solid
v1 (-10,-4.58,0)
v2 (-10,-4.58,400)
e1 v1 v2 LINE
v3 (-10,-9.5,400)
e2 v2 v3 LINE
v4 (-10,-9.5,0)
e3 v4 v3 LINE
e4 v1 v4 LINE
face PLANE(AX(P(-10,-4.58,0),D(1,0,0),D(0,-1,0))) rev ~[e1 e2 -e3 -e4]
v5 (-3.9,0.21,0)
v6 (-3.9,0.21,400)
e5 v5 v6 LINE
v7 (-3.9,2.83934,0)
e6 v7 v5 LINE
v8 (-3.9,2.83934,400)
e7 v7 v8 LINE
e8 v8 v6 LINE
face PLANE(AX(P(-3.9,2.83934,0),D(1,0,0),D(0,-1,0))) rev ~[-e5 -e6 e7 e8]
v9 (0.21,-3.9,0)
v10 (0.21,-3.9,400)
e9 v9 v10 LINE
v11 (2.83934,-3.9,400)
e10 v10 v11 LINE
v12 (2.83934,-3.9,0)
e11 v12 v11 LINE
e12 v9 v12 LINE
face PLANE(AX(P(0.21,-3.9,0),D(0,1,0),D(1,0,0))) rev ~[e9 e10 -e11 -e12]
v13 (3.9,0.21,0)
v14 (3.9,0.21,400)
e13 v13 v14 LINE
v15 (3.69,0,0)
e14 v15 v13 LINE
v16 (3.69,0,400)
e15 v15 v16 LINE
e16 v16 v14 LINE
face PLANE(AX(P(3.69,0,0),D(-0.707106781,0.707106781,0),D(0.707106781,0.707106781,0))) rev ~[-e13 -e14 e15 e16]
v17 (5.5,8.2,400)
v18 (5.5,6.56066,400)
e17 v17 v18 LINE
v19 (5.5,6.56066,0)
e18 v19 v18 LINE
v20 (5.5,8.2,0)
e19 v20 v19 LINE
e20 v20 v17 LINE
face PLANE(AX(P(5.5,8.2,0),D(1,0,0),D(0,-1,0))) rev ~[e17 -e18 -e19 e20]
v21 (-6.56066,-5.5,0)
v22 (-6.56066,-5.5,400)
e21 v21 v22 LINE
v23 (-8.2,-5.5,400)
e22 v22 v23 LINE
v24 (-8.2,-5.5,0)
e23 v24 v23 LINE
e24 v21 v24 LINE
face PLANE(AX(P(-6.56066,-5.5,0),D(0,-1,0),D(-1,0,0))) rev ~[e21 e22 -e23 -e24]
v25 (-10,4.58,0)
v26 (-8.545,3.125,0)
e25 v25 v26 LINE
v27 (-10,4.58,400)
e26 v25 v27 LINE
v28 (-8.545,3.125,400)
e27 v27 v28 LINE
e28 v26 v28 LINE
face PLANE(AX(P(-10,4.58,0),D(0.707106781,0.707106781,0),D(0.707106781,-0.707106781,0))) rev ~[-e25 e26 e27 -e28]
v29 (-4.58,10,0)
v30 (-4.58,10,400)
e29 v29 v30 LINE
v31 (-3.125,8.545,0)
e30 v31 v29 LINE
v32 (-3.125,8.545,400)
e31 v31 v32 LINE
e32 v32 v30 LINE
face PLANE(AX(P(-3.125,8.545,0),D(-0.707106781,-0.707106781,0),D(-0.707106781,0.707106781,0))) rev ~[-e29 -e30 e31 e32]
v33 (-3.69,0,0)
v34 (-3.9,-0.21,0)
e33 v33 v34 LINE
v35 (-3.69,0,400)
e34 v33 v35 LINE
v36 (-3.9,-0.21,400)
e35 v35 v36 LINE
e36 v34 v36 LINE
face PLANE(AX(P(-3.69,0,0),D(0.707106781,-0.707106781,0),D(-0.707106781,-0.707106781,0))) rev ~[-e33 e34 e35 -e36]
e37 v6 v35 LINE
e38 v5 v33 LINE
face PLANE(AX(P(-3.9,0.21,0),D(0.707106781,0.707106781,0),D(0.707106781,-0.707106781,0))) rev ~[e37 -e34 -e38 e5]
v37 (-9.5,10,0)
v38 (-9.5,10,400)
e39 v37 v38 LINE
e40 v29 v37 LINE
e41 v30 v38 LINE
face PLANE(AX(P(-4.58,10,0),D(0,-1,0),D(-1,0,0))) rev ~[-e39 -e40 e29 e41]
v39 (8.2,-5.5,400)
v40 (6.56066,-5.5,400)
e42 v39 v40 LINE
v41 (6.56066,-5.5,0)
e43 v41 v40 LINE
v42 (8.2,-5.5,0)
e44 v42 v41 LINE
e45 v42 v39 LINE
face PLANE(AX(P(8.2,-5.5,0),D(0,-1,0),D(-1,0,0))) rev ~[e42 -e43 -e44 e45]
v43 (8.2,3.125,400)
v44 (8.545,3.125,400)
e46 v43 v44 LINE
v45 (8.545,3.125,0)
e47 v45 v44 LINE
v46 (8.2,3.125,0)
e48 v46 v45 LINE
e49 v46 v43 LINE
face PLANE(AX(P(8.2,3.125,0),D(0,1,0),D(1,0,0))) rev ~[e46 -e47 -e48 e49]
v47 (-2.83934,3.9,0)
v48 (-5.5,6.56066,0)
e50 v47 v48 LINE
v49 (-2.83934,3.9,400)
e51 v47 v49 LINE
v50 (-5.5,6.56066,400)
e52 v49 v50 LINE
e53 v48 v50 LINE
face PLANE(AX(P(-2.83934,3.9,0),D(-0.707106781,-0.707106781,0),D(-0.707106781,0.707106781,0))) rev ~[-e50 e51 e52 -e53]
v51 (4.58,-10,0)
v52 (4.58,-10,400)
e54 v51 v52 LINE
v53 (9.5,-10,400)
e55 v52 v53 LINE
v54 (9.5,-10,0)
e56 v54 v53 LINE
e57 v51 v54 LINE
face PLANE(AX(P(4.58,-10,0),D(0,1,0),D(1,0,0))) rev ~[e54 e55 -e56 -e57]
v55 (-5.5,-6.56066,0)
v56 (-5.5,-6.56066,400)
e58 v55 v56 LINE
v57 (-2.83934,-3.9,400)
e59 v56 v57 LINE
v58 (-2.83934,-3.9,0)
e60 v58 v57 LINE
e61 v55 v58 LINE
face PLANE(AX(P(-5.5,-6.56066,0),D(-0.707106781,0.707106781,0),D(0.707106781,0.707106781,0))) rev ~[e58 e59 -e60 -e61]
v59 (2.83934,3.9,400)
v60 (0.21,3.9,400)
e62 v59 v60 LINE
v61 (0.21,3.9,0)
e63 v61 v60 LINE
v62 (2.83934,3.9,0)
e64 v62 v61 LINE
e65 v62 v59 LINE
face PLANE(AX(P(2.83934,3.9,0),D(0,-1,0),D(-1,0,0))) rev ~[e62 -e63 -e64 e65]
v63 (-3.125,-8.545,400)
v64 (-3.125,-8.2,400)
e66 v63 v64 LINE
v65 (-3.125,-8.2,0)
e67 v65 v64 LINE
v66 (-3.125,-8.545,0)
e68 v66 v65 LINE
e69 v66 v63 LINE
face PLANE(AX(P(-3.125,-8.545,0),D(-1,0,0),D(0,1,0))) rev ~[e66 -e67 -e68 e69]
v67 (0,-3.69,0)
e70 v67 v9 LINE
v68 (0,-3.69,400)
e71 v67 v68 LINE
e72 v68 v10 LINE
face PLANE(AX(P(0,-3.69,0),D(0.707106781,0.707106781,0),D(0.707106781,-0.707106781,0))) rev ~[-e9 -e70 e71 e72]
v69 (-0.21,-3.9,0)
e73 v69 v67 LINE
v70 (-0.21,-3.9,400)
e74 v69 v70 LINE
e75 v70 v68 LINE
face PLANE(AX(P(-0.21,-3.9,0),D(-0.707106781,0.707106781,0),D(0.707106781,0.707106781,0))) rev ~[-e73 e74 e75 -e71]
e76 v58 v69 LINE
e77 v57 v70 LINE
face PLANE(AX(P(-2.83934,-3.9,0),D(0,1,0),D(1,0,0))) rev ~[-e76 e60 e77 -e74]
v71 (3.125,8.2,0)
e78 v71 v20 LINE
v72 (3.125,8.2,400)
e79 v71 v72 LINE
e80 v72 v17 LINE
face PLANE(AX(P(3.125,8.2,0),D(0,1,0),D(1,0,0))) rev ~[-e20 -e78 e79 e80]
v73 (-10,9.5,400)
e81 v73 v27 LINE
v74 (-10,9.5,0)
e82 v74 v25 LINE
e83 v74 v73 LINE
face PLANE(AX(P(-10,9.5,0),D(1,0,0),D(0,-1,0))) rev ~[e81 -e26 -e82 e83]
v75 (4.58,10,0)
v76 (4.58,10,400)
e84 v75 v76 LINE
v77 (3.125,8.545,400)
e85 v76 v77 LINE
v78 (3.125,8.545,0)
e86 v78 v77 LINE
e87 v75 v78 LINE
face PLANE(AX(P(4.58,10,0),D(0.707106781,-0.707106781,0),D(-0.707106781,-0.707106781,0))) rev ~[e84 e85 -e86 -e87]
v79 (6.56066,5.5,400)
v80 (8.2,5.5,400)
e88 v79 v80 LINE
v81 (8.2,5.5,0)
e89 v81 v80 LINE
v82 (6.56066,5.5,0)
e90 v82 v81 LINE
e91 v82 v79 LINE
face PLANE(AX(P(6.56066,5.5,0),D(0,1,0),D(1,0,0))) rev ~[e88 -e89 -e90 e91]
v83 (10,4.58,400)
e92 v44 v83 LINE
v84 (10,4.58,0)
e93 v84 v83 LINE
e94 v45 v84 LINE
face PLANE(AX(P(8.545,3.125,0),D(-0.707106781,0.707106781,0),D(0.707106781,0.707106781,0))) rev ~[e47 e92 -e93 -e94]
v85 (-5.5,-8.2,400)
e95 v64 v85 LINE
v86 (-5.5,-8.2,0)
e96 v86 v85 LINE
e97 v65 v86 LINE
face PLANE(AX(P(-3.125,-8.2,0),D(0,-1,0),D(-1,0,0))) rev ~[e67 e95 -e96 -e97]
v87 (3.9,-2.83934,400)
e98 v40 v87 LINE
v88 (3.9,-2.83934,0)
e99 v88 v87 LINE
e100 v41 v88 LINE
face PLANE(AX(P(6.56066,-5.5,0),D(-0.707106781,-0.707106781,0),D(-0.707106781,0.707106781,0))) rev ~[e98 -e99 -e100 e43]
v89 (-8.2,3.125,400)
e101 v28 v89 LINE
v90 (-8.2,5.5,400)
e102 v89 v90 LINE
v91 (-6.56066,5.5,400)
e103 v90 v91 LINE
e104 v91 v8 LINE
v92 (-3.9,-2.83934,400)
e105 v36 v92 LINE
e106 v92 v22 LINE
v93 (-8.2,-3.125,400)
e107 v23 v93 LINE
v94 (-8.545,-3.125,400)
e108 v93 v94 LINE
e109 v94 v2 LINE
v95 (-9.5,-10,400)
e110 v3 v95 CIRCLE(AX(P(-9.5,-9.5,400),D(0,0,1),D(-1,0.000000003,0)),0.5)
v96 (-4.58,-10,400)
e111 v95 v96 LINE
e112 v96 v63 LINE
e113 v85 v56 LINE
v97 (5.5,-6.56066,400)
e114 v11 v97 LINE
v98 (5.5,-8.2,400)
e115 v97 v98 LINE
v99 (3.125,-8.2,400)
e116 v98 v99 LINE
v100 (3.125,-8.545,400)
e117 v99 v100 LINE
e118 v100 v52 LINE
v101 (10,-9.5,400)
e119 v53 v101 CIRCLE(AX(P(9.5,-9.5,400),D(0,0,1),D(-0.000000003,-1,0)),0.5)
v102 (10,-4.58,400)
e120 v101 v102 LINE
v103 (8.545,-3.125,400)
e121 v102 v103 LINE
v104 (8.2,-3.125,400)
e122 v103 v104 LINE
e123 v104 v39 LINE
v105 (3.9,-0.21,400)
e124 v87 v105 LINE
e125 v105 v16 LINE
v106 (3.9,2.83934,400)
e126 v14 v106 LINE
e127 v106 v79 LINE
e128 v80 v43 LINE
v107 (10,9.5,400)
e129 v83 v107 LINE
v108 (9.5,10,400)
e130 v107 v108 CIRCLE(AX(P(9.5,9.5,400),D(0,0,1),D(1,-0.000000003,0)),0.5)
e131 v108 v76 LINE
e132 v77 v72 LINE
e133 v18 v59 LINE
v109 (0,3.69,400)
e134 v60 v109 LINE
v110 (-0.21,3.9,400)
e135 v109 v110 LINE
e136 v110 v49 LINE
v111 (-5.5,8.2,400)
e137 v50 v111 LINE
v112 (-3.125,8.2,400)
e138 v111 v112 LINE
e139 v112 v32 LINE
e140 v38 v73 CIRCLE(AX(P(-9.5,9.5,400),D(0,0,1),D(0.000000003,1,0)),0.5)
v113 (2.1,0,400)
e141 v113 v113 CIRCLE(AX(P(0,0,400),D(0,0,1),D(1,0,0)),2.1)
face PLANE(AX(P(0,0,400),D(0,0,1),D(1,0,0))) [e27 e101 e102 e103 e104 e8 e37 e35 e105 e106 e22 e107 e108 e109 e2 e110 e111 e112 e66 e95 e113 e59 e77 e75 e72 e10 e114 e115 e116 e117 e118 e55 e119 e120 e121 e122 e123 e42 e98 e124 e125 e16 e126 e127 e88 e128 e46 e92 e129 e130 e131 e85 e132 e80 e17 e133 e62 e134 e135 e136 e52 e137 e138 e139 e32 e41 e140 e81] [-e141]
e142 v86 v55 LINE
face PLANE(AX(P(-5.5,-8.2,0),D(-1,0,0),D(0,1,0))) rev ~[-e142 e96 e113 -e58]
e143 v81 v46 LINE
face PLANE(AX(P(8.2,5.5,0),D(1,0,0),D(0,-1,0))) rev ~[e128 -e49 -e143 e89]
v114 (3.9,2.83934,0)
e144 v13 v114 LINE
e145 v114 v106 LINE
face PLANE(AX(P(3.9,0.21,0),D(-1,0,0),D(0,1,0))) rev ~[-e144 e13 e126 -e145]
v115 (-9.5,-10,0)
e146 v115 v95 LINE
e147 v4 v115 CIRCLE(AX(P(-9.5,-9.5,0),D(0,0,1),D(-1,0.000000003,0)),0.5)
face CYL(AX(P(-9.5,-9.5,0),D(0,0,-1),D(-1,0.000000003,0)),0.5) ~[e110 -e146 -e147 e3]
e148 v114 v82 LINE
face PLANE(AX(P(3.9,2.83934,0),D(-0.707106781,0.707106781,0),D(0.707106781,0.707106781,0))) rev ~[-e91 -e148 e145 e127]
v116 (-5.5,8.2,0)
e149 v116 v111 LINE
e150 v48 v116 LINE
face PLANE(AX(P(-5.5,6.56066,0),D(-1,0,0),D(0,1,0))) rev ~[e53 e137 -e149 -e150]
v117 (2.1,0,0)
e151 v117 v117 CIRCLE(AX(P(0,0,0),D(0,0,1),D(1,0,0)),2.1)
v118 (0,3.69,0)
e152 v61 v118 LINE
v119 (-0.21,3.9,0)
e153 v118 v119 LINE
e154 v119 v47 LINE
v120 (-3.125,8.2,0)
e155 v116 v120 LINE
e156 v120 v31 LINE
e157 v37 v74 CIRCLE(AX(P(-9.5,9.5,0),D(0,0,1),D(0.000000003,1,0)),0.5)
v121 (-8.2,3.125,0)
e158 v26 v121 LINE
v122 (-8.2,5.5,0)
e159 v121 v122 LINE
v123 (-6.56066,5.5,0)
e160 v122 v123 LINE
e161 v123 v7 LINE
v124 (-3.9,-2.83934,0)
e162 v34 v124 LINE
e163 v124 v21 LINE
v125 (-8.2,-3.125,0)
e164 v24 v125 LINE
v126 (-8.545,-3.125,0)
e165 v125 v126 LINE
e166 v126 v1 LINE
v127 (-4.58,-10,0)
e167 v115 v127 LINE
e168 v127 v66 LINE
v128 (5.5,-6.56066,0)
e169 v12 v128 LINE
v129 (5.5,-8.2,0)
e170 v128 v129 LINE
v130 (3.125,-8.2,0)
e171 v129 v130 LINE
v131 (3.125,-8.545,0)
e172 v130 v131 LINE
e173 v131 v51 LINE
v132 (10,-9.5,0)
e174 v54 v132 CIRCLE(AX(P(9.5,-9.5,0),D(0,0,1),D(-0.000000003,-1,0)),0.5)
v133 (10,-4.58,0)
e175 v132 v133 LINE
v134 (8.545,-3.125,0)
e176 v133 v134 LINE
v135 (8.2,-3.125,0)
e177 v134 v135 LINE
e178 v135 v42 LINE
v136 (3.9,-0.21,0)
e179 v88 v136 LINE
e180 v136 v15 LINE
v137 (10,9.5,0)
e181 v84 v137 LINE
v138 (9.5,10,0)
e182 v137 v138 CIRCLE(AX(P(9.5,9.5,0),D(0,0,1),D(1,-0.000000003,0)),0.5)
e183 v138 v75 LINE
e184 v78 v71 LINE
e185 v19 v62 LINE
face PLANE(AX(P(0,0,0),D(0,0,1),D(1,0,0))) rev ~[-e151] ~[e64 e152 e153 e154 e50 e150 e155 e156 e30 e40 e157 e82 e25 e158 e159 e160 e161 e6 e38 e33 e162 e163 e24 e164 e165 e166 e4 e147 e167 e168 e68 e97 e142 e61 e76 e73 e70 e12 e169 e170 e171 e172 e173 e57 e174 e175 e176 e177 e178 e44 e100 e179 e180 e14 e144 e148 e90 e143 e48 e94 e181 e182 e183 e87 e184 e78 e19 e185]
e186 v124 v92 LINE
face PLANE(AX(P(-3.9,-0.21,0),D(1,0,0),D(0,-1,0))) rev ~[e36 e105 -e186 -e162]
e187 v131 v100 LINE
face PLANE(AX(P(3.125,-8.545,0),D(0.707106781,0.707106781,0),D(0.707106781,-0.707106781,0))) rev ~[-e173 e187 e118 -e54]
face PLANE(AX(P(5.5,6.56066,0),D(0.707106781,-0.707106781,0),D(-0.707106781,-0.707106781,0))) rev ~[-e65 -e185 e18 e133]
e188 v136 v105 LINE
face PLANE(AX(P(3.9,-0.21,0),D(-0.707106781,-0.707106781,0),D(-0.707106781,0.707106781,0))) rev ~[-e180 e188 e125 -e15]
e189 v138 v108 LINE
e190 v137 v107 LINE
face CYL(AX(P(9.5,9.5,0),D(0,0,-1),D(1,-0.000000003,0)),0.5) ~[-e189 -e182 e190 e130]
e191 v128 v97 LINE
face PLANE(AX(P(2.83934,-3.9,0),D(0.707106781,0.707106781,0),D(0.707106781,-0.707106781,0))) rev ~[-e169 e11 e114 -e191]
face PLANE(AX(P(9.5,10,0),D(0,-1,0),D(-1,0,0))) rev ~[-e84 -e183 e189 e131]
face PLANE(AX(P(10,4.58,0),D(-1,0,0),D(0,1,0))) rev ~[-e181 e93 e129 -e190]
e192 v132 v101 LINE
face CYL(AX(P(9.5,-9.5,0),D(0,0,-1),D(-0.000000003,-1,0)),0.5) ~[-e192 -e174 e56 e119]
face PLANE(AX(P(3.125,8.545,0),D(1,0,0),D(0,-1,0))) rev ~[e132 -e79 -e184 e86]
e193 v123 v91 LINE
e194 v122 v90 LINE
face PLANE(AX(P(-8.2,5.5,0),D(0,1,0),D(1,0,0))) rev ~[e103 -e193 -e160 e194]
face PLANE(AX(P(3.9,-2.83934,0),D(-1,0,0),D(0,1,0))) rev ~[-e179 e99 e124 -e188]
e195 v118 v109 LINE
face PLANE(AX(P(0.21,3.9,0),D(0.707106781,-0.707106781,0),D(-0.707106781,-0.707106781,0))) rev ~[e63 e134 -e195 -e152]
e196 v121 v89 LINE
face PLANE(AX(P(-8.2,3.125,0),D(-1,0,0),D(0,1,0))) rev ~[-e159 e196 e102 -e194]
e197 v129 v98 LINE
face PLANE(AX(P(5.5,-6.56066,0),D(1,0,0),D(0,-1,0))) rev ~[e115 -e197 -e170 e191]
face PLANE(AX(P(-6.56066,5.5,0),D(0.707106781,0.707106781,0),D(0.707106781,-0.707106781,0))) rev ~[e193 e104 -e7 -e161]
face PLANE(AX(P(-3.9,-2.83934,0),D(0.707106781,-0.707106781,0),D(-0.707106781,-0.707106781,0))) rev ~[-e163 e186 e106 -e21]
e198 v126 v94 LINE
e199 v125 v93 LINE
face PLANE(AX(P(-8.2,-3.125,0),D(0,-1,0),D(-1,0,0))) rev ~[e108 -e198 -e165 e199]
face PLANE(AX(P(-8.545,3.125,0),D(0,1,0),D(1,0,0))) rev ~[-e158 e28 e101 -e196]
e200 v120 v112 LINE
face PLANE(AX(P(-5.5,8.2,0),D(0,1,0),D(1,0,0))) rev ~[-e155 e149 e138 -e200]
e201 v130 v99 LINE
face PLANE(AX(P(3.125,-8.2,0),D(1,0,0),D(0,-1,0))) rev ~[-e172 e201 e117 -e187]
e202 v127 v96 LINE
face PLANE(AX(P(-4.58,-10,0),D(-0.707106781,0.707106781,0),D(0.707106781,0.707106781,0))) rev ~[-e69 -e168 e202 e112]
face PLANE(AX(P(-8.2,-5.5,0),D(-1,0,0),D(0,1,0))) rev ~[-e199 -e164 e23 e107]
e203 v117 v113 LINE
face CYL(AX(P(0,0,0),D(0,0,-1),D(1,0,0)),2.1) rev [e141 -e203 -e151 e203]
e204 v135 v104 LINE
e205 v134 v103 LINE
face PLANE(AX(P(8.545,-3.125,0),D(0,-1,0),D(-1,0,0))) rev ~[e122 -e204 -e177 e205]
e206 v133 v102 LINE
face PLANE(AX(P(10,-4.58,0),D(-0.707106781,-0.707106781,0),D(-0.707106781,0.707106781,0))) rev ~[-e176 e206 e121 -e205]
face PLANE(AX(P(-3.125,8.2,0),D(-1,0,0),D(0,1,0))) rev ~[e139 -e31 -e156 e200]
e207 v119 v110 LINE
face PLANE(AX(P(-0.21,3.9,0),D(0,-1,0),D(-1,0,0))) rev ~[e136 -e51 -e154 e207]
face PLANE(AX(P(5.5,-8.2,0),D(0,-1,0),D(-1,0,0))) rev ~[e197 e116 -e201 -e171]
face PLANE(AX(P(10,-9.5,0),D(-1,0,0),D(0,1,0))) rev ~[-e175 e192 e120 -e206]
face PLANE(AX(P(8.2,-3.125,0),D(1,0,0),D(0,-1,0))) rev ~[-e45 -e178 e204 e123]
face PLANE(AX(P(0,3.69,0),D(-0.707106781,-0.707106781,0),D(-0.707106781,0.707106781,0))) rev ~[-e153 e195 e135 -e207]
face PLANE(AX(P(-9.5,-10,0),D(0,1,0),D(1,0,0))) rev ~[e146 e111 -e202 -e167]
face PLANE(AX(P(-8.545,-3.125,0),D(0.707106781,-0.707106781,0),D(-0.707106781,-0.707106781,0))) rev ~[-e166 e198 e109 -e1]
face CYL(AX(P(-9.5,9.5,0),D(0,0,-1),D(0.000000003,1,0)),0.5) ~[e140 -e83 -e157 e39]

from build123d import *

# Parameters (mm, degrees)
SKETCH1_R           = 2.1
BOSS_EXTRUDE1_DEPTH = 400


with BuildPart() as part:
    # Sketch1 → Boss-Extrude1 (new body)
    with BuildSketch(Plane.XY):
        with BuildLine():
            Line((4.58, -10), (9.5, -10))
            ThreePointArc((9.5, -10), (9.853553391, -9.853553391), (10, -9.5))
            Line((10, -9.5), (10, -4.58))
            Line((10, -4.58), (8.545, -3.125))
            Line((8.545, -3.125), (8.2, -3.125))
            Line((8.2, -3.125), (8.2, -5.5))
            Line((8.2, -5.5), (6.560660172, -5.5))
            Line((6.560660172, -5.5), (3.9, -2.839339828))
            Line((3.9, -2.839339828), (3.9, -0.21))
            Line((3.9, -0.21), (3.69, 0))
            Line((3.69, 0), (3.9, 0.21))
            Line((3.9, 0.21), (3.9, 2.839339828))
            Line((3.9, 2.839339828), (6.560660172, 5.5))
            Line((6.560660172, 5.5), (8.2, 5.5))
            Line((8.2, 5.5), (8.2, 3.125))
            Line((8.2, 3.125), (8.545, 3.125))
            Line((8.545, 3.125), (10, 4.58))
            Line((10, 4.58), (10, 9.5))
            ThreePointArc((10, 9.5), (9.853553391, 9.853553391), (9.5, 10))
            Line((9.5, 10), (4.58, 10))
            Line((4.58, 10), (3.125, 8.545))
            Line((3.125, 8.545), (3.125, 8.2))
            Line((3.125, 8.2), (5.5, 8.2))
            Line((5.5, 8.2), (5.5, 6.560660172))
            Line((5.5, 6.560660172), (2.839339828, 3.9))
            Line((2.839339828, 3.9), (0.21, 3.9))
            Line((0.21, 3.9), (0, 3.69))
            Line((0, 3.69), (-0.21, 3.9))
            Line((-0.21, 3.9), (-2.839339828, 3.9))
            Line((-2.839339828, 3.9), (-5.5, 6.560660172))
            Line((-5.5, 6.560660172), (-5.5, 8.2))
            Line((-5.5, 8.2), (-3.125, 8.2))
            Line((-3.125, 8.2), (-3.125, 8.545))
            Line((-3.125, 8.545), (-4.58, 10))
            Line((-4.58, 10), (-9.5, 10))
            ThreePointArc((-9.5, 10), (-9.853553391, 9.853553391), (-10, 9.5))
            Line((-10, 9.5), (-10, 4.58))
            Line((-10, 4.58), (-8.545, 3.125))
            Line((-8.545, 3.125), (-8.2, 3.125))
            Line((-8.2, 3.125), (-8.2, 5.5))
            Line((-8.2, 5.5), (-6.560660172, 5.5))
            Line((-6.560660172, 5.5), (-3.9, 2.839339828))
            Line((-3.9, 2.839339828), (-3.9, 0.21))
            Line((-3.9, 0.21), (-3.69, 0))
            Line((-3.69, 0), (-3.9, -0.21))
            Line((-3.9, -0.21), (-3.9, -2.839339828))
            Line((-3.9, -2.839339828), (-6.560660172, -5.5))
            Line((-6.560660172, -5.5), (-8.2, -5.5))
            Line((-8.2, -5.5), (-8.2, -3.125))
            Line((-8.2, -3.125), (-8.545, -3.125))
            Line((-8.545, -3.125), (-10, -4.58))
            Line((-10, -4.58), (-10, -9.5))
            ThreePointArc((-10, -9.5), (-9.853553391, -9.853553391), (-9.5, -10))
            Line((-9.5, -10), (-4.58, -10))
            Line((-4.58, -10), (-3.125, -8.545))
            Line((-3.125, -8.545), (-3.125, -8.2))
            Line((-3.125, -8.2), (-5.5, -8.2))
            Line((-5.5, -8.2), (-5.5, -6.560660172))
            Line((-5.5, -6.560660172), (-2.839339828, -3.9))
            Line((-2.839339828, -3.9), (-0.21, -3.9))
            Line((-0.21, -3.9), (0, -3.69))
            Line((0, -3.69), (0.21, -3.9))
            Line((0.21, -3.9), (2.839339828, -3.9))
            Line((2.839339828, -3.9), (5.5, -6.560660172))
            Line((5.5, -6.560660172), (5.5, -8.2))
            Line((5.5, -8.2), (3.125, -8.2))
            Line((3.125, -8.2), (3.125, -8.545))
            Line((3.125, -8.545), (4.58, -10))
        make_face()
        Circle(SKETCH1_R, mode=Mode.SUBTRACT)
    extrude(amount=BOSS_EXTRUDE1_DEPTH)


solid = part.part
